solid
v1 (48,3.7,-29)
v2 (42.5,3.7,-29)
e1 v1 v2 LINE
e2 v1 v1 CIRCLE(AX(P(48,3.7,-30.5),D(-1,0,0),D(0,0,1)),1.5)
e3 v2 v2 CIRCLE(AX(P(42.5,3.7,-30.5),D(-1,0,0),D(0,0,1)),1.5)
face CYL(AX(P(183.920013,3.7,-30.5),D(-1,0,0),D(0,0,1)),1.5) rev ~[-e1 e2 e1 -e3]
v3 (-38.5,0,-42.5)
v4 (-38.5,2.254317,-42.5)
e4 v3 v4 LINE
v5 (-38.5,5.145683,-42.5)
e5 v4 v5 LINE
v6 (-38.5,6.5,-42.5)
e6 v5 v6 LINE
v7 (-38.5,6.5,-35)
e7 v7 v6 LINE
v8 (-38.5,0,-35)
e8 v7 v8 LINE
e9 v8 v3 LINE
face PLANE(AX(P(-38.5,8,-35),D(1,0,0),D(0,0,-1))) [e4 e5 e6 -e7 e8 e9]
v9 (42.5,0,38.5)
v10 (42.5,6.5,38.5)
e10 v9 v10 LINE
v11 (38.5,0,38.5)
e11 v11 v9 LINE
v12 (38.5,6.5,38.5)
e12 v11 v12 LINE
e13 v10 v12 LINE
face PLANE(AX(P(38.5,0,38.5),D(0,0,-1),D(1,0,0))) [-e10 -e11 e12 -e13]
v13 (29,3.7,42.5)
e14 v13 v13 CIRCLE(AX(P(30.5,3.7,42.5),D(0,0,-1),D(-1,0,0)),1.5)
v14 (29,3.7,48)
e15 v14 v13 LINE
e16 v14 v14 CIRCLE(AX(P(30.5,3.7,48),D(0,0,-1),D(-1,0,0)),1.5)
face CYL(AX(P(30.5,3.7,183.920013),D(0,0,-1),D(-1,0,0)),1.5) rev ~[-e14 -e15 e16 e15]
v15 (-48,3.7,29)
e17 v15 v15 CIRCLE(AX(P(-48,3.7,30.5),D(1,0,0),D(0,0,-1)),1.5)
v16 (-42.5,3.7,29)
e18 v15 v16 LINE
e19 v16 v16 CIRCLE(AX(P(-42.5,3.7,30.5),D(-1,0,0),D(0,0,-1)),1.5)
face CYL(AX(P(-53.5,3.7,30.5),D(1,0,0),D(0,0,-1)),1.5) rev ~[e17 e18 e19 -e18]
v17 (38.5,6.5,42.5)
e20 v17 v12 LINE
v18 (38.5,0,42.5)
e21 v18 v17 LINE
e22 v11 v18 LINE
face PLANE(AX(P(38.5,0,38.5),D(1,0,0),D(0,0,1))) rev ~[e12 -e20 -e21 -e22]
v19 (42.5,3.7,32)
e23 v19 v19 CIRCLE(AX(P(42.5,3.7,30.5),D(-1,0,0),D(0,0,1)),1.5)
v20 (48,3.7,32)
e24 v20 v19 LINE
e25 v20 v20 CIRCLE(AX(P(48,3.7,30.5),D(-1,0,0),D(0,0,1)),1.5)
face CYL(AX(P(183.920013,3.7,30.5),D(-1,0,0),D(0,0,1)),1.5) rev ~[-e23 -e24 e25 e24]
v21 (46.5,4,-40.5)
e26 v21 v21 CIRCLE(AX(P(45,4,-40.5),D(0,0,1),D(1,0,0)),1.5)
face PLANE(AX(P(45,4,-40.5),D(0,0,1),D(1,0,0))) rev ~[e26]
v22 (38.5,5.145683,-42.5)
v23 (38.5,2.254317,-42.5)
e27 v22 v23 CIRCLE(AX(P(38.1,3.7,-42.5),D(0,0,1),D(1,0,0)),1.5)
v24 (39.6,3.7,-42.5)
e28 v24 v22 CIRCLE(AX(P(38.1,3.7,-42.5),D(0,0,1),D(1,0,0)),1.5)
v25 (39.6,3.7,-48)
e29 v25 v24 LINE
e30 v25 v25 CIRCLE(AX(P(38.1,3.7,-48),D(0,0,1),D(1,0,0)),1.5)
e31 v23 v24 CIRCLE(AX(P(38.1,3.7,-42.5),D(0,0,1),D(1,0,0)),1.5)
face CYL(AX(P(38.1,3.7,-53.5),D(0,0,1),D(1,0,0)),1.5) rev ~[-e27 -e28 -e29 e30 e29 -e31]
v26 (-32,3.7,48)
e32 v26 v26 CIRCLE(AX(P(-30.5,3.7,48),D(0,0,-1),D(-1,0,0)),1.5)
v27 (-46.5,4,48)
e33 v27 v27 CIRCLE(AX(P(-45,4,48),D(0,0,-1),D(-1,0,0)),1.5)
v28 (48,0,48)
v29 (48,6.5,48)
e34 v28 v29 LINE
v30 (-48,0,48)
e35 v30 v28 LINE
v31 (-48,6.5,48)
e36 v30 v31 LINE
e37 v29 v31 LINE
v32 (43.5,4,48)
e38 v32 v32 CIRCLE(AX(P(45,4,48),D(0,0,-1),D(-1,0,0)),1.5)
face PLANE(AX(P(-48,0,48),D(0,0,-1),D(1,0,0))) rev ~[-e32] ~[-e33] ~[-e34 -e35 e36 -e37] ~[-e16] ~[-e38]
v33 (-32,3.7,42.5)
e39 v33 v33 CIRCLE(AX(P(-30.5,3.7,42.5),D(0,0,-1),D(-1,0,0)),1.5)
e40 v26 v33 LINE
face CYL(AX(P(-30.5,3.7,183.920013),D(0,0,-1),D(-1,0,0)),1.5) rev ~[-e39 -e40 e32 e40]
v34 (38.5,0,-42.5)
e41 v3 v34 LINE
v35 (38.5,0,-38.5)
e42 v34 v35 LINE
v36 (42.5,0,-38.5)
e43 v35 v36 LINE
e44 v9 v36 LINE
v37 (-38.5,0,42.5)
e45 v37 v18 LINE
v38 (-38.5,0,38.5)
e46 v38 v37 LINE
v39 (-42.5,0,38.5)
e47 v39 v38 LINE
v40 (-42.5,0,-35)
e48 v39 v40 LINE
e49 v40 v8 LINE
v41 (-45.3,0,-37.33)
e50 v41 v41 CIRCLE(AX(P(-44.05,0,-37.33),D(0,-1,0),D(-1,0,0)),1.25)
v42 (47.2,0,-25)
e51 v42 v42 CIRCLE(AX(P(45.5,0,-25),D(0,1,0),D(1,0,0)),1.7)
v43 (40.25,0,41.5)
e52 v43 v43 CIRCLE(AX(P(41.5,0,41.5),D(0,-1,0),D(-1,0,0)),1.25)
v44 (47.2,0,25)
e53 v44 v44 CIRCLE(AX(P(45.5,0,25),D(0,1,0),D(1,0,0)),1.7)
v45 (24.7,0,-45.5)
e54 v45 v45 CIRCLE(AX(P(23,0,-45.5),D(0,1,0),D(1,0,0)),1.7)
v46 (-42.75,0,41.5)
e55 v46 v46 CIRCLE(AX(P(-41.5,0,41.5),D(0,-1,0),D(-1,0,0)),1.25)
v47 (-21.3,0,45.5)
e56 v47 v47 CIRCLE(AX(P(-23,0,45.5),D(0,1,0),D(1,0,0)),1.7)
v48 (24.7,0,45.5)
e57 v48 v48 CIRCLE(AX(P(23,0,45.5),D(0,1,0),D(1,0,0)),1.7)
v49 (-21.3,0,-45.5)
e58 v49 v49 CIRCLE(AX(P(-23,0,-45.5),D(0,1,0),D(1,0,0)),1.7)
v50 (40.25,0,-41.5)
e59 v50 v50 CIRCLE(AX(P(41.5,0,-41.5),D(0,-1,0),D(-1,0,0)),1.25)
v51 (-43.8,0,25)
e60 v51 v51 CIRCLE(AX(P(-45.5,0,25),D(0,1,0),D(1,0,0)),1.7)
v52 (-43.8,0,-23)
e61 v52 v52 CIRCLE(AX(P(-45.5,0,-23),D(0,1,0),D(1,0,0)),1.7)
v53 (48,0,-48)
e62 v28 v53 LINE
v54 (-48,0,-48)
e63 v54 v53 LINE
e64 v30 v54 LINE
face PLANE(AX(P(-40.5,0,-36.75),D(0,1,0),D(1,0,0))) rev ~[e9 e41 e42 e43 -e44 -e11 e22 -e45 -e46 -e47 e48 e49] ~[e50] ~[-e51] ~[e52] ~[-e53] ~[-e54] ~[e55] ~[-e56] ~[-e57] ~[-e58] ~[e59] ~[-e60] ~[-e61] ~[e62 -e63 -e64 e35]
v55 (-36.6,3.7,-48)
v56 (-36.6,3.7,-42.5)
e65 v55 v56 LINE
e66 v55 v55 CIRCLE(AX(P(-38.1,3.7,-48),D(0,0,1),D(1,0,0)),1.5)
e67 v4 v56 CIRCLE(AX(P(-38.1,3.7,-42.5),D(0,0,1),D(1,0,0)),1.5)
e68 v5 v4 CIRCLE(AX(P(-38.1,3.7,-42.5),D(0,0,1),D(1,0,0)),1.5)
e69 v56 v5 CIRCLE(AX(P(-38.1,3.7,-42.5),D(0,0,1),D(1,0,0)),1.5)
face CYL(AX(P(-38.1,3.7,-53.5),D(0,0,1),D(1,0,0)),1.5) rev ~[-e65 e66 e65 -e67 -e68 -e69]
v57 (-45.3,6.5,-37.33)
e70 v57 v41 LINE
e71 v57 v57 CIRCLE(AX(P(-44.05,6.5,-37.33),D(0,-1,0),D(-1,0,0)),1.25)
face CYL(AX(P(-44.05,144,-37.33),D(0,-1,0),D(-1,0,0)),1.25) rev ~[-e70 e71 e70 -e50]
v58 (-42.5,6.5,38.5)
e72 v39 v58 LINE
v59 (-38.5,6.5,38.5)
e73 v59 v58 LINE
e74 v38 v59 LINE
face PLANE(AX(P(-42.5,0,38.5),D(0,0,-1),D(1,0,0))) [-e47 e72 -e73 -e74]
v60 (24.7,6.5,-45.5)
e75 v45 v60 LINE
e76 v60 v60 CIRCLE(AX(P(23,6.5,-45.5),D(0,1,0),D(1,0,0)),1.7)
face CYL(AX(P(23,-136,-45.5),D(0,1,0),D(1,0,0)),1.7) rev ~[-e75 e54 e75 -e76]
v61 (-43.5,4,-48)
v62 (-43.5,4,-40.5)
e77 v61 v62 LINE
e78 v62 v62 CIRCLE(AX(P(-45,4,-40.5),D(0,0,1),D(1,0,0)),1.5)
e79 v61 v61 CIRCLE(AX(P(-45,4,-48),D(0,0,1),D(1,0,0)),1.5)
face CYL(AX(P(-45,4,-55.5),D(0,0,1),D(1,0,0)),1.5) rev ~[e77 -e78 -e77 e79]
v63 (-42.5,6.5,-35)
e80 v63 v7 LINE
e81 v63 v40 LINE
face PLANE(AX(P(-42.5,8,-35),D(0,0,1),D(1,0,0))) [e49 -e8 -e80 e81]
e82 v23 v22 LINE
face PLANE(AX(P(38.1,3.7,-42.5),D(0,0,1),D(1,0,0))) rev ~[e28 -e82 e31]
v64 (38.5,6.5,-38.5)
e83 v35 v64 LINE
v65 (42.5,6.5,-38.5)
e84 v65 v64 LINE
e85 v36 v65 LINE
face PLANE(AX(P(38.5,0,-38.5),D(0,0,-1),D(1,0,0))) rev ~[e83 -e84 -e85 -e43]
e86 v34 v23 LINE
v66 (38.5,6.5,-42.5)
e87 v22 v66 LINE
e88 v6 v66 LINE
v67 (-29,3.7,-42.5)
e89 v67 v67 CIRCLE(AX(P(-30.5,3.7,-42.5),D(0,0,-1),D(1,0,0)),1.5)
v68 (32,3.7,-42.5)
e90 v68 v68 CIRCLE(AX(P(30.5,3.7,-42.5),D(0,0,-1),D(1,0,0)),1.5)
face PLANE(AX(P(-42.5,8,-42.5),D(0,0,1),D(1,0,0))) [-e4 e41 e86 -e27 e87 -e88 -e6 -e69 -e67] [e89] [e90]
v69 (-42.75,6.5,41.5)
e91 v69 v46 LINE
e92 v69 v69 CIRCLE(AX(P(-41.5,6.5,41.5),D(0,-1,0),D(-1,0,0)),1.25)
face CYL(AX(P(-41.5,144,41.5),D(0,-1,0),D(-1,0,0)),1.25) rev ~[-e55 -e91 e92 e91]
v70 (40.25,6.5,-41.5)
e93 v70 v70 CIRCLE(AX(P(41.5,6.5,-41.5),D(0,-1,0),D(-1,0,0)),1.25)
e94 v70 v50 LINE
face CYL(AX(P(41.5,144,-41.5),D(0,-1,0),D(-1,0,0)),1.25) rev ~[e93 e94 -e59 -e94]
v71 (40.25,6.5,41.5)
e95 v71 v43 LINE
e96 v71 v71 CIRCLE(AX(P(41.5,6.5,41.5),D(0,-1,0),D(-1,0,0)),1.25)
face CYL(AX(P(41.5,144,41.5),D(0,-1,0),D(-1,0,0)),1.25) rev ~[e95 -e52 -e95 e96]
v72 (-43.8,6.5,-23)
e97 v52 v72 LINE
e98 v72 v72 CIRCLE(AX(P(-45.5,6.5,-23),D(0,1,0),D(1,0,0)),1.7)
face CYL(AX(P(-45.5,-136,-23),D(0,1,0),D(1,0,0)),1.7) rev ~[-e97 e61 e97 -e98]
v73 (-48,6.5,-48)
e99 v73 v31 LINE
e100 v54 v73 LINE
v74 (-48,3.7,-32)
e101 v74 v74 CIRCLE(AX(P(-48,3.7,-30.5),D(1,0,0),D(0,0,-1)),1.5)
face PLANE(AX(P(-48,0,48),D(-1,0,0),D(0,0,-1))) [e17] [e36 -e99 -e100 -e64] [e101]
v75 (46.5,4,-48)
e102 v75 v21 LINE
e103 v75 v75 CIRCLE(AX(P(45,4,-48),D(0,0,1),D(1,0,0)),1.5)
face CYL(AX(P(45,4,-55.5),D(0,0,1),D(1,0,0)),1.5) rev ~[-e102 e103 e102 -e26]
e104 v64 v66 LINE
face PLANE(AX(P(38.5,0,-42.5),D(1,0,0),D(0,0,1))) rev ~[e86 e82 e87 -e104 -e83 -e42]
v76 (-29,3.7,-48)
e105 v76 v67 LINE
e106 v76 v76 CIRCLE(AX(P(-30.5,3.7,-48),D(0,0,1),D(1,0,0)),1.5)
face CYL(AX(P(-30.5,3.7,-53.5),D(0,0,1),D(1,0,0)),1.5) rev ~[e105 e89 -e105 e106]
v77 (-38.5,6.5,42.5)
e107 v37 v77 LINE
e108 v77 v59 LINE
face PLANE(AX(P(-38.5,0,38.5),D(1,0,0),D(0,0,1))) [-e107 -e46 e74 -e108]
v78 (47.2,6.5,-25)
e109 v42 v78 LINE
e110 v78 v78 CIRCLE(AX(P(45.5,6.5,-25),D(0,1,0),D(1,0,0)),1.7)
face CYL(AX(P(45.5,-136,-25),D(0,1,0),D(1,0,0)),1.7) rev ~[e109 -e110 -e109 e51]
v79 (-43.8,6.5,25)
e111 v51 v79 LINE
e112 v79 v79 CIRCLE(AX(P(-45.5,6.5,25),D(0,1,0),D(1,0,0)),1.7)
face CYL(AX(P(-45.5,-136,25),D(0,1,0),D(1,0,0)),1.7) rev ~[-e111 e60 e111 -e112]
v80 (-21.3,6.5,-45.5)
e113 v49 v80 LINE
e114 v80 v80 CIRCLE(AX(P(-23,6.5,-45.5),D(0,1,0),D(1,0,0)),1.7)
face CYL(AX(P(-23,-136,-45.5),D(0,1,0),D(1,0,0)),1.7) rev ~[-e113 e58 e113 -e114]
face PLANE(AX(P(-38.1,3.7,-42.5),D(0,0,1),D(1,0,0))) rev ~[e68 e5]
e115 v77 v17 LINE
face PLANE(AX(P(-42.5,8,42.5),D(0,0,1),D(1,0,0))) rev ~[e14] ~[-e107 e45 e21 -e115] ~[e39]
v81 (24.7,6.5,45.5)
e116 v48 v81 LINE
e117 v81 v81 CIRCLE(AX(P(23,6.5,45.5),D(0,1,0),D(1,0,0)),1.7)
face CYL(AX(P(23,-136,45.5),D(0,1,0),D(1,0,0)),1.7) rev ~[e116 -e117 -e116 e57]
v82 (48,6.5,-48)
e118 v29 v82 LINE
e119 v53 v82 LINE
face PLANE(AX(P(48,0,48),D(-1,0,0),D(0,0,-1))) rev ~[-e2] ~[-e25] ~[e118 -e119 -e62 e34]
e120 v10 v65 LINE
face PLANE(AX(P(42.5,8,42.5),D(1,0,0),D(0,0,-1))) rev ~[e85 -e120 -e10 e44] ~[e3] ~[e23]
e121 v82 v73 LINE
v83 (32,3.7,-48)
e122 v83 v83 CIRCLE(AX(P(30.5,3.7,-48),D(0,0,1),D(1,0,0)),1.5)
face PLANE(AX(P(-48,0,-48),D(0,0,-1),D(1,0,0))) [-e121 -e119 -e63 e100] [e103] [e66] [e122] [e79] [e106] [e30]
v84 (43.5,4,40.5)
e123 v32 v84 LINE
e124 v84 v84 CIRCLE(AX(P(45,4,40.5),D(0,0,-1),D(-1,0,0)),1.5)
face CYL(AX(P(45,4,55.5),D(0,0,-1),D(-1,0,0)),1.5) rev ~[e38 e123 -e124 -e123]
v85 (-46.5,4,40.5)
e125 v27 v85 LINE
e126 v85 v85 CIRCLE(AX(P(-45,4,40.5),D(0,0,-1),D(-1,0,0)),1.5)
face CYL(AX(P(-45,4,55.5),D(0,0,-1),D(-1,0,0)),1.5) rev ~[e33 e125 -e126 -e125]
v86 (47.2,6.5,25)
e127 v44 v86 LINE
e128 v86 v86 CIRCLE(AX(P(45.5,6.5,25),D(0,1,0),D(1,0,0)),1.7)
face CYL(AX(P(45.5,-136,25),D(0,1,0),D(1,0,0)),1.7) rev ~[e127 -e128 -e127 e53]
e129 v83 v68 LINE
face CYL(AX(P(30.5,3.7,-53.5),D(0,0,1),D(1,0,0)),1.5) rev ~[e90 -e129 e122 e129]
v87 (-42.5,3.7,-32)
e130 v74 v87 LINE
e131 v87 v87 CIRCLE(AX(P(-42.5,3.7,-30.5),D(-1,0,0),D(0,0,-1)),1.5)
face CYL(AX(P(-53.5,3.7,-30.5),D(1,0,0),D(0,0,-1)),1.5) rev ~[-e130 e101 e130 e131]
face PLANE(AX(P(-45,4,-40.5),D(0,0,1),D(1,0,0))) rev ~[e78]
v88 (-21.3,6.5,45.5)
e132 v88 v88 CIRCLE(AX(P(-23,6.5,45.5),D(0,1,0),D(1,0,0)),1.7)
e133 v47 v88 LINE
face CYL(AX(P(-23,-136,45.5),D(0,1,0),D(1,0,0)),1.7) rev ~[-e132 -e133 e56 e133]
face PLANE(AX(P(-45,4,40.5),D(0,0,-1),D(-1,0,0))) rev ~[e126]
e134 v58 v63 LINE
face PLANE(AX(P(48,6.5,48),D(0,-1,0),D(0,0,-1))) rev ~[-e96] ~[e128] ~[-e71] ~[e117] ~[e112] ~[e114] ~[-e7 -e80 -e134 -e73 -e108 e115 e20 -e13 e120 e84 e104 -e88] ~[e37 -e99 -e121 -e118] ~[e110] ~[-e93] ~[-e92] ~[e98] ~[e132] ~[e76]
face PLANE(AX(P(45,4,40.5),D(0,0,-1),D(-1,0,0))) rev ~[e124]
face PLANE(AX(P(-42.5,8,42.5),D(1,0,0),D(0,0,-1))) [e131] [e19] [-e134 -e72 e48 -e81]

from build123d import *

# Parameters (mm, degrees)
SKETCH1_W                       = 96
SKETCH1_H                       = 96
SKETCH1_W_2                     = 80
SKETCH1_H_2                     = 80
BOSS_EXTRUDE1_DEPTH             = 8
F_3_0_3_DIAMETER_HOLE6_D        = 3
F_3_0_3_DIAMETER_HOLE6_DEPTH    = 7.5
F_3_0_3_DIAMETER_HOLE3_D        = 3
F_3_0_3_DIAMETER_HOLE3_DEPTH    = 7.5
SKETCH27_W                      = 82
SKETCH27_H                      = 82
CUT_EXTRUDE2_DEPTH              = 10
F_3_4_3_4_DIAMETER_HOLE1_D      = 3.4
SKETCH38_W                      = 85
SKETCH38_H                      = 85
CUT_EXTRUDE4_DEPTH              = 10
SKETCH44_W                      = 4
SKETCH44_H                      = 4
BOSS_EXTRUDE2_DEPTH             = 8
SKETCH45_W                      = 4
SKETCH45_H                      = 3.5
BOSS_EXTRUDE3_DEPTH             = 8
TAP_DRILL_FOR_M3X0_5_TAP1_D     = 2.5
SKETCH49_W                      = 96
SKETCH49_H                      = 1.5
CUT_EXTRUDE5_DEPTH              = 146
TAP_DRILL_FOR_M3X0_5_TAP2_D     = 3
TAP_DRILL_FOR_M3X0_5_TAP2_DEPTH = 5.5
TAP_DRILL_FOR_M3X0_5_TAP3_D     = 3
TAP_DRILL_FOR_M3X0_5_TAP3_DEPTH = 5.5
TAP_DRILL_FOR_M3X0_5_TAP4_D     = 3
TAP_DRILL_FOR_M3X0_5_TAP5_D     = 3
TAP_DRILL_FOR_M3X0_5_TAP6_D     = 3
TAP_DRILL_FOR_M3X0_5_TAP6_DEPTH = 5.5


with BuildPart() as part:
    # Sketch1 → Boss-Extrude1 (new body)
    with BuildSketch(Plane(origin=(0, 0, 0), x_dir=(1, 0, 0), z_dir=(0, 1, 0))):
        Rectangle(SKETCH1_W, SKETCH1_H)
        Rectangle(SKETCH1_W_2, SKETCH1_H_2, mode=Mode.SUBTRACT)
    extrude(amount=BOSS_EXTRUDE1_DEPTH)

    # Ø3.0 (3) Diameter Hole6
    with Locations(Plane.XY.offset(48)):
        with Locations((45, 4), (-45, 4)):
            Hole(F_3_0_3_DIAMETER_HOLE6_D / 2, depth=F_3_0_3_DIAMETER_HOLE6_DEPTH)

    # Ø3.0 (3) Diameter Hole3
    with Locations(Plane(origin=(0, 0, -48), x_dir=(-1, 0, 0), z_dir=(0, 0, -1))):
        with Locations((-45, 4), (45, 4)):
            Hole(F_3_0_3_DIAMETER_HOLE3_D / 2, depth=F_3_0_3_DIAMETER_HOLE3_DEPTH)

    # Sketch27 → Cut-Extrude2 (cut)
    with BuildSketch(Plane(origin=(0, 8, 0), x_dir=(1, 0, 0), z_dir=(0, 1, 0))):
        Rectangle(SKETCH27_W, SKETCH27_H)
    extrude(amount=-CUT_EXTRUDE2_DEPTH, mode=Mode.SUBTRACT)

    # Ø3.4 (3.4) Diameter Hole1 (through all)
    with Locations(Plane(origin=(0, 0, 0), x_dir=(-1, 0, 0), z_dir=(0, -1, 0))):
        with Locations((-23, 45.5), (23, 45.5), (45.5, 23), (45.5, -25), (23, -45.5), (-23, -45.5), (-45.5, -25), (-45.5, 25)):
            Hole(F_3_4_3_4_DIAMETER_HOLE1_D / 2)

    # Sketch38 → Cut-Extrude4 (cut)
    with BuildSketch(Plane(origin=(0, 8, 0), x_dir=(1, 0, 0), z_dir=(0, 1, 0))):
        Rectangle(SKETCH38_W, SKETCH38_H)
    extrude(amount=-CUT_EXTRUDE4_DEPTH, mode=Mode.SUBTRACT)

    # Sketch44 → Boss-Extrude2 (add)
    with BuildSketch(Plane.XZ):
        with Locations((40.5, -40.5)):
            Rectangle(SKETCH44_W, SKETCH44_H)
        with Locations((-40.5, -40.5)):
            Rectangle(SKETCH44_W, SKETCH44_H)
        with Locations((-40.5, 40.5)):
            Rectangle(SKETCH44_W, SKETCH44_H)
        with Locations((40.5, 40.5)):
            Rectangle(SKETCH44_W, SKETCH44_H)
    extrude(amount=-BOSS_EXTRUDE2_DEPTH)

    # Sketch45 → Boss-Extrude3 (add)
    with BuildSketch(Plane(origin=(0, 8, 0), x_dir=(1, 0, 0), z_dir=(0, 1, 0))):
        with Locations((-40.5, 36.75)):
            Rectangle(SKETCH45_W, SKETCH45_H)
    extrude(amount=-BOSS_EXTRUDE3_DEPTH)

    # Tap Drill for M3x0.5 Tap1 (through all)
    with Locations(Plane(origin=(0, 8, 0), x_dir=(1, 0, 0), z_dir=(0, 1, 0))):
        with Locations((41.5, 41.5), (41.5, -41.5), (-41.5, -41.5), (-44.05, 37.33)):
            Hole(TAP_DRILL_FOR_M3X0_5_TAP1_D / 2)

    # Sketch49 → Cut-Extrude5 (cut)
    with BuildSketch(Plane(origin=(48, 0, 0), x_dir=(0, 0, -1), z_dir=(1, 0, 0))):
        with Locations((0, 7.25)):
            Rectangle(SKETCH49_W, SKETCH49_H)
    extrude(amount=-CUT_EXTRUDE5_DEPTH, mode=Mode.SUBTRACT)

    # Tap Drill for M3x0.5 Tap2
    with Locations(Plane.ZY.offset(48)):
        with Locations((30.5, 3.7), (-30.5, 3.7)):
            Hole(TAP_DRILL_FOR_M3X0_5_TAP2_D / 2, depth=TAP_DRILL_FOR_M3X0_5_TAP2_DEPTH)

    # Tap Drill for M3x0.5 Tap3
    with Locations(Plane(origin=(0, 0, -48), x_dir=(-1, 0, 0), z_dir=(0, 0, -1))):
        with Locations((30.5, 3.7), (-30.5, 3.7)):
            Hole(TAP_DRILL_FOR_M3X0_5_TAP3_D / 2, depth=TAP_DRILL_FOR_M3X0_5_TAP3_DEPTH)

    # Tap Drill for M3x0.5 Tap4 (through all)
    with Locations(Plane(origin=(48, 0, 0), x_dir=(0, 0, -1), z_dir=(1, 0, 0))):
        with Locations((30.5, 3.7), (-30.5, 3.7)):
            Hole(TAP_DRILL_FOR_M3X0_5_TAP4_D / 2)

    # Tap Drill for M3x0.5 Tap5 (through all)
    with Locations(Plane.XY.offset(48)):
        with Locations((30.5, 3.7), (-30.5, 3.7)):
            Hole(TAP_DRILL_FOR_M3X0_5_TAP5_D / 2)

    # Tap Drill for M3x0.5 Tap6
    with Locations(Plane(origin=(0, 0, -48), x_dir=(-1, 0, 0), z_dir=(0, 0, -1))):
        with Locations((38.1, 3.7), (-38.1, 3.7)):
            Hole(TAP_DRILL_FOR_M3X0_5_TAP6_D / 2, depth=TAP_DRILL_FOR_M3X0_5_TAP6_DEPTH)


solid = part.part
